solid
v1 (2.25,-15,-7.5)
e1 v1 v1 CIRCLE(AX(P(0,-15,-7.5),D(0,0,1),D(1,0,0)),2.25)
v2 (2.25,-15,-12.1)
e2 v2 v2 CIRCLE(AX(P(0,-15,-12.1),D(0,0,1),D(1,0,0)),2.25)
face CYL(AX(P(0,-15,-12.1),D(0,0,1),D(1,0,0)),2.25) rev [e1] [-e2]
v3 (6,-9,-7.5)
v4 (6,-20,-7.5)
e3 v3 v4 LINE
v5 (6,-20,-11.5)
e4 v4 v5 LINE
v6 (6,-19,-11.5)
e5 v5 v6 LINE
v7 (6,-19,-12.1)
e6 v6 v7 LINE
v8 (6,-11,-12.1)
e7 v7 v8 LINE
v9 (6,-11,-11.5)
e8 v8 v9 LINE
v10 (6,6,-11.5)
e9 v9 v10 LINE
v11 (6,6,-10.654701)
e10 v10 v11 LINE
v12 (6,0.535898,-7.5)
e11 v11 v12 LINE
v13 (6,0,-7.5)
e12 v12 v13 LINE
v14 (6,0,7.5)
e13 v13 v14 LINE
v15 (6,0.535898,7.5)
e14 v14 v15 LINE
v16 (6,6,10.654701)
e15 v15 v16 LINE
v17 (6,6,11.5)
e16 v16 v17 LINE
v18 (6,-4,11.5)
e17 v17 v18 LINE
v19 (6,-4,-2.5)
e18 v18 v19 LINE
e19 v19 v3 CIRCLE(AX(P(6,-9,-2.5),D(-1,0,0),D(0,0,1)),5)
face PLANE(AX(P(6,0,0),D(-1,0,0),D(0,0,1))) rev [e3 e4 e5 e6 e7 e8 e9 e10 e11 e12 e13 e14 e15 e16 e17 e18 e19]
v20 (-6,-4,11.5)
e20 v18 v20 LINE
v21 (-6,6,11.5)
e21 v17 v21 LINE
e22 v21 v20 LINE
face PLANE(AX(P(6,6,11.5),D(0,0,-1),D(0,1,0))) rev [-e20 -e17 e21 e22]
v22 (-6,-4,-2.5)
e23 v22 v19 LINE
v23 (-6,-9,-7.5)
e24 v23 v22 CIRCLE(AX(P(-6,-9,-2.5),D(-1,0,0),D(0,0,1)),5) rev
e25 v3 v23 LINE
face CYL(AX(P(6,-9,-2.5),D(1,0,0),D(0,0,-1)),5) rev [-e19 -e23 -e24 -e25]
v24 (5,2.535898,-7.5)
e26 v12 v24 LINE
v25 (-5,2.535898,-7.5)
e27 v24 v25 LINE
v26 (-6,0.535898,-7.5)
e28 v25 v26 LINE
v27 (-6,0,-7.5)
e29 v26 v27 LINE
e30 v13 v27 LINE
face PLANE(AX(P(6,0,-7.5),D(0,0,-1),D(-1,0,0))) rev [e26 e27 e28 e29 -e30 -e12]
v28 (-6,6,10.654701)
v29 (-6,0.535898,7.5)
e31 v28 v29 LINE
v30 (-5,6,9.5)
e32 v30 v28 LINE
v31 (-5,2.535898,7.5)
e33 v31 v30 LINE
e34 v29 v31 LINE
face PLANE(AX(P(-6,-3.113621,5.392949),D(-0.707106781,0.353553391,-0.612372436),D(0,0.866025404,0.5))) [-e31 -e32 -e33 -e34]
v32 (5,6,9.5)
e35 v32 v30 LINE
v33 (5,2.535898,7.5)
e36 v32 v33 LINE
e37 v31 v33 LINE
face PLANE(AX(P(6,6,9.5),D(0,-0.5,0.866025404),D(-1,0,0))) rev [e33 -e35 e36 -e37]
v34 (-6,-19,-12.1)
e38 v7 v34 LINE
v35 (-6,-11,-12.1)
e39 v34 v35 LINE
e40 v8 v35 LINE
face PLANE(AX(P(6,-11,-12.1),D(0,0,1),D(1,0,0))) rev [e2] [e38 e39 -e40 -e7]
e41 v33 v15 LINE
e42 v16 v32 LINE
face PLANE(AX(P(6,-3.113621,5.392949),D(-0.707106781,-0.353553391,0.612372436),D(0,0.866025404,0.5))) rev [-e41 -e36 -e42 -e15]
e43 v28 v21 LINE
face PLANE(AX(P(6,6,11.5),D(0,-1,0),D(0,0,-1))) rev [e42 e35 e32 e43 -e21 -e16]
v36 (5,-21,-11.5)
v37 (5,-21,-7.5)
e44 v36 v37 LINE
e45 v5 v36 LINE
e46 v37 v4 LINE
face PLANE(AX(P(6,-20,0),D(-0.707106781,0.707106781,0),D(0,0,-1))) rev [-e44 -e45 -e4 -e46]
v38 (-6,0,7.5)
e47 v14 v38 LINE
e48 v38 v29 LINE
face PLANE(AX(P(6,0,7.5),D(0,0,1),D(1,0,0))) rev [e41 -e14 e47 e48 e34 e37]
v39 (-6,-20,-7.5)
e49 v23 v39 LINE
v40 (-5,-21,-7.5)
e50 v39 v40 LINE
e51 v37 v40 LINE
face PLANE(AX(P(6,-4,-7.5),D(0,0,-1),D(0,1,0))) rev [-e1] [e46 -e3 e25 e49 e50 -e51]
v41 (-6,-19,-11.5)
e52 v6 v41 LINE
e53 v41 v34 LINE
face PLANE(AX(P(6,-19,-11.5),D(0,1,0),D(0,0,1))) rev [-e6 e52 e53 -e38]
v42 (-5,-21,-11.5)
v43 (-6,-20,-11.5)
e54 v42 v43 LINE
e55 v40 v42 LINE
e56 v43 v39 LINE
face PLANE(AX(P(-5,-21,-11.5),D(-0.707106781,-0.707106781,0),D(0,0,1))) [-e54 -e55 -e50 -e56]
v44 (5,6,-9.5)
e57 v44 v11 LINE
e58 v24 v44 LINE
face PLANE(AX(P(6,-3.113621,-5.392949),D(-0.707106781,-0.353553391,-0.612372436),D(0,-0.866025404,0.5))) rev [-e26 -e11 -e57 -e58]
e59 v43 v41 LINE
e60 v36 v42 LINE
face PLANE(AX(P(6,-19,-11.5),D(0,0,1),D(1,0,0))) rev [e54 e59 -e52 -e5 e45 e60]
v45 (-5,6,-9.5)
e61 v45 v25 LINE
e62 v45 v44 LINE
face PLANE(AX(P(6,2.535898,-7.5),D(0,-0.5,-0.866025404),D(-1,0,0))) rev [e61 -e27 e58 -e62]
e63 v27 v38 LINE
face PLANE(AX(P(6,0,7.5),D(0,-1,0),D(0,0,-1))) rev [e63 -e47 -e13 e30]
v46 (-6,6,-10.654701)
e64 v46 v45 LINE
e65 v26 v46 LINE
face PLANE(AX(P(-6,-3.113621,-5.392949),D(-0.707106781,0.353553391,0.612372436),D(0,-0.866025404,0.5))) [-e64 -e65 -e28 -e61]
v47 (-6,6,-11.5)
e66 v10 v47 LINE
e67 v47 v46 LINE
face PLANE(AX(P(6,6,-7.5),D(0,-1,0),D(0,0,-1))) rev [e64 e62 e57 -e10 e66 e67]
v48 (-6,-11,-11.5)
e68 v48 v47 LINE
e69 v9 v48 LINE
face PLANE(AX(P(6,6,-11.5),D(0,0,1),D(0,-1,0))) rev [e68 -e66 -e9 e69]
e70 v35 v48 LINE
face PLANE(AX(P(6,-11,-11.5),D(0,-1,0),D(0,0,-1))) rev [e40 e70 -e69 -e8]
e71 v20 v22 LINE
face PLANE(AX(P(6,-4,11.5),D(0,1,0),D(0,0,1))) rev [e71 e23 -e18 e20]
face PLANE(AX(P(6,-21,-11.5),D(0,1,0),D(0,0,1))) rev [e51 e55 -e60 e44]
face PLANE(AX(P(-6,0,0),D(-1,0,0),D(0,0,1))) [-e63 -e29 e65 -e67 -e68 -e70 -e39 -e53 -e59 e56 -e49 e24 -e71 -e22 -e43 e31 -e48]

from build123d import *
from OCP.BRepFilletAPI import BRepFilletAPI_MakeChamfer

# Parameters (mm, degrees)
BOSS_EXTRUDE1_DEPTH = 6
SKETCH2_R           = 2.25
CUT_EXTRUDE1_DEPTH  = 29.948229652
CHAMFER1_SIZE       = 2
CHAMFER1_SIZE2      = 3.464101615
CHAMFER3_SIZE       = 1
CHAMFER4_SIZE       = 1
FILLET1_R           = 5


with BuildPart() as part:
    # Sketch1 → Boss-Extrude1 (new, symmetric)
    with BuildSketch(Plane(origin=(0, 0, 0), x_dir=(0, 0, -1), z_dir=(1, 0, 0))):
        Polygon((7.5, 6), (11.5, 6), (11.5, -11), (12.1, -11), (12.1, -19), (11.5, -19), (11.5, -21), (7.5, -21), (7.5, -4), (-11.5, -4), (-11.5, 6), (-7.5, 6), (-7.5, 0), (7.5, 0), align=None)
    extrude(amount=BOSS_EXTRUDE1_DEPTH, both=True)

    # Sketch2 → Cut-Extrude1 (cut, through all)
    with BuildSketch(Plane.XY.offset(-7.5)):
        with Locations((0, -15)):
            Circle(SKETCH2_R)
    extrude(amount=-CUT_EXTRUDE1_DEPTH, mode=Mode.SUBTRACT)

    # Chamfer1: one chamfer whose edges measure the first distance from different faces: ONE call of the kernel's chamfer builder (chamfer() names one face for all edges)
    chamfer1_edges_1 = [part.edges().sort_by_distance(p)[0] for p in [
        (0, 6, -7.5),
    ]]
    chamfer1_side_1 = [part.faces().sort_by_distance(p)[0] for p in [
        (0, 6, -9.5),
    ]]
    chamfer1_edges_2 = [part.edges().sort_by_distance(p)[0] for p in [
        (0, 6, 7.5),
    ]]
    chamfer1_side_2 = [part.faces().sort_by_distance(p)[0] for p in [
        (0, 6, 9.5),
    ]]
    chamfer1 = BRepFilletAPI_MakeChamfer(part.part.solid().wrapped)
    for e in chamfer1_edges_1:
        chamfer1.Add(CHAMFER1_SIZE, CHAMFER1_SIZE2, e.wrapped, chamfer1_side_1[0].wrapped)  # the first distance lies on this face
    for e in chamfer1_edges_2:
        chamfer1.Add(CHAMFER1_SIZE, CHAMFER1_SIZE2, e.wrapped, chamfer1_side_2[0].wrapped)  # the first distance lies on this face
    add(Compound.cast(chamfer1.Shape()), mode=Mode.REPLACE)

    # Chamfer3
    chamfer3_edges = [part.edges().sort_by_distance(p)[0] for p in [
        (-6, 4.267949192, -8.5),
        (-6, 4.267949192, 8.5),
        (6, 4.267949192, -8.5),
        (6, 4.267949192, 8.5),
    ]]
    chamfer(chamfer3_edges, length=CHAMFER3_SIZE)

    # Chamfer4
    chamfer4_edges = [part.edges().sort_by_distance(p)[0] for p in [
        (-6, -21, -9.5),
        (6, -21, -9.5),
    ]]
    chamfer(chamfer4_edges, length=CHAMFER4_SIZE)

    # Fillet1
    fillet1_edges = [part.edges().sort_by_distance(p)[0] for p in [
        (0, -4, -7.5),
    ]]
    fillet(fillet1_edges, radius=FILLET1_R)


solid = part.part
